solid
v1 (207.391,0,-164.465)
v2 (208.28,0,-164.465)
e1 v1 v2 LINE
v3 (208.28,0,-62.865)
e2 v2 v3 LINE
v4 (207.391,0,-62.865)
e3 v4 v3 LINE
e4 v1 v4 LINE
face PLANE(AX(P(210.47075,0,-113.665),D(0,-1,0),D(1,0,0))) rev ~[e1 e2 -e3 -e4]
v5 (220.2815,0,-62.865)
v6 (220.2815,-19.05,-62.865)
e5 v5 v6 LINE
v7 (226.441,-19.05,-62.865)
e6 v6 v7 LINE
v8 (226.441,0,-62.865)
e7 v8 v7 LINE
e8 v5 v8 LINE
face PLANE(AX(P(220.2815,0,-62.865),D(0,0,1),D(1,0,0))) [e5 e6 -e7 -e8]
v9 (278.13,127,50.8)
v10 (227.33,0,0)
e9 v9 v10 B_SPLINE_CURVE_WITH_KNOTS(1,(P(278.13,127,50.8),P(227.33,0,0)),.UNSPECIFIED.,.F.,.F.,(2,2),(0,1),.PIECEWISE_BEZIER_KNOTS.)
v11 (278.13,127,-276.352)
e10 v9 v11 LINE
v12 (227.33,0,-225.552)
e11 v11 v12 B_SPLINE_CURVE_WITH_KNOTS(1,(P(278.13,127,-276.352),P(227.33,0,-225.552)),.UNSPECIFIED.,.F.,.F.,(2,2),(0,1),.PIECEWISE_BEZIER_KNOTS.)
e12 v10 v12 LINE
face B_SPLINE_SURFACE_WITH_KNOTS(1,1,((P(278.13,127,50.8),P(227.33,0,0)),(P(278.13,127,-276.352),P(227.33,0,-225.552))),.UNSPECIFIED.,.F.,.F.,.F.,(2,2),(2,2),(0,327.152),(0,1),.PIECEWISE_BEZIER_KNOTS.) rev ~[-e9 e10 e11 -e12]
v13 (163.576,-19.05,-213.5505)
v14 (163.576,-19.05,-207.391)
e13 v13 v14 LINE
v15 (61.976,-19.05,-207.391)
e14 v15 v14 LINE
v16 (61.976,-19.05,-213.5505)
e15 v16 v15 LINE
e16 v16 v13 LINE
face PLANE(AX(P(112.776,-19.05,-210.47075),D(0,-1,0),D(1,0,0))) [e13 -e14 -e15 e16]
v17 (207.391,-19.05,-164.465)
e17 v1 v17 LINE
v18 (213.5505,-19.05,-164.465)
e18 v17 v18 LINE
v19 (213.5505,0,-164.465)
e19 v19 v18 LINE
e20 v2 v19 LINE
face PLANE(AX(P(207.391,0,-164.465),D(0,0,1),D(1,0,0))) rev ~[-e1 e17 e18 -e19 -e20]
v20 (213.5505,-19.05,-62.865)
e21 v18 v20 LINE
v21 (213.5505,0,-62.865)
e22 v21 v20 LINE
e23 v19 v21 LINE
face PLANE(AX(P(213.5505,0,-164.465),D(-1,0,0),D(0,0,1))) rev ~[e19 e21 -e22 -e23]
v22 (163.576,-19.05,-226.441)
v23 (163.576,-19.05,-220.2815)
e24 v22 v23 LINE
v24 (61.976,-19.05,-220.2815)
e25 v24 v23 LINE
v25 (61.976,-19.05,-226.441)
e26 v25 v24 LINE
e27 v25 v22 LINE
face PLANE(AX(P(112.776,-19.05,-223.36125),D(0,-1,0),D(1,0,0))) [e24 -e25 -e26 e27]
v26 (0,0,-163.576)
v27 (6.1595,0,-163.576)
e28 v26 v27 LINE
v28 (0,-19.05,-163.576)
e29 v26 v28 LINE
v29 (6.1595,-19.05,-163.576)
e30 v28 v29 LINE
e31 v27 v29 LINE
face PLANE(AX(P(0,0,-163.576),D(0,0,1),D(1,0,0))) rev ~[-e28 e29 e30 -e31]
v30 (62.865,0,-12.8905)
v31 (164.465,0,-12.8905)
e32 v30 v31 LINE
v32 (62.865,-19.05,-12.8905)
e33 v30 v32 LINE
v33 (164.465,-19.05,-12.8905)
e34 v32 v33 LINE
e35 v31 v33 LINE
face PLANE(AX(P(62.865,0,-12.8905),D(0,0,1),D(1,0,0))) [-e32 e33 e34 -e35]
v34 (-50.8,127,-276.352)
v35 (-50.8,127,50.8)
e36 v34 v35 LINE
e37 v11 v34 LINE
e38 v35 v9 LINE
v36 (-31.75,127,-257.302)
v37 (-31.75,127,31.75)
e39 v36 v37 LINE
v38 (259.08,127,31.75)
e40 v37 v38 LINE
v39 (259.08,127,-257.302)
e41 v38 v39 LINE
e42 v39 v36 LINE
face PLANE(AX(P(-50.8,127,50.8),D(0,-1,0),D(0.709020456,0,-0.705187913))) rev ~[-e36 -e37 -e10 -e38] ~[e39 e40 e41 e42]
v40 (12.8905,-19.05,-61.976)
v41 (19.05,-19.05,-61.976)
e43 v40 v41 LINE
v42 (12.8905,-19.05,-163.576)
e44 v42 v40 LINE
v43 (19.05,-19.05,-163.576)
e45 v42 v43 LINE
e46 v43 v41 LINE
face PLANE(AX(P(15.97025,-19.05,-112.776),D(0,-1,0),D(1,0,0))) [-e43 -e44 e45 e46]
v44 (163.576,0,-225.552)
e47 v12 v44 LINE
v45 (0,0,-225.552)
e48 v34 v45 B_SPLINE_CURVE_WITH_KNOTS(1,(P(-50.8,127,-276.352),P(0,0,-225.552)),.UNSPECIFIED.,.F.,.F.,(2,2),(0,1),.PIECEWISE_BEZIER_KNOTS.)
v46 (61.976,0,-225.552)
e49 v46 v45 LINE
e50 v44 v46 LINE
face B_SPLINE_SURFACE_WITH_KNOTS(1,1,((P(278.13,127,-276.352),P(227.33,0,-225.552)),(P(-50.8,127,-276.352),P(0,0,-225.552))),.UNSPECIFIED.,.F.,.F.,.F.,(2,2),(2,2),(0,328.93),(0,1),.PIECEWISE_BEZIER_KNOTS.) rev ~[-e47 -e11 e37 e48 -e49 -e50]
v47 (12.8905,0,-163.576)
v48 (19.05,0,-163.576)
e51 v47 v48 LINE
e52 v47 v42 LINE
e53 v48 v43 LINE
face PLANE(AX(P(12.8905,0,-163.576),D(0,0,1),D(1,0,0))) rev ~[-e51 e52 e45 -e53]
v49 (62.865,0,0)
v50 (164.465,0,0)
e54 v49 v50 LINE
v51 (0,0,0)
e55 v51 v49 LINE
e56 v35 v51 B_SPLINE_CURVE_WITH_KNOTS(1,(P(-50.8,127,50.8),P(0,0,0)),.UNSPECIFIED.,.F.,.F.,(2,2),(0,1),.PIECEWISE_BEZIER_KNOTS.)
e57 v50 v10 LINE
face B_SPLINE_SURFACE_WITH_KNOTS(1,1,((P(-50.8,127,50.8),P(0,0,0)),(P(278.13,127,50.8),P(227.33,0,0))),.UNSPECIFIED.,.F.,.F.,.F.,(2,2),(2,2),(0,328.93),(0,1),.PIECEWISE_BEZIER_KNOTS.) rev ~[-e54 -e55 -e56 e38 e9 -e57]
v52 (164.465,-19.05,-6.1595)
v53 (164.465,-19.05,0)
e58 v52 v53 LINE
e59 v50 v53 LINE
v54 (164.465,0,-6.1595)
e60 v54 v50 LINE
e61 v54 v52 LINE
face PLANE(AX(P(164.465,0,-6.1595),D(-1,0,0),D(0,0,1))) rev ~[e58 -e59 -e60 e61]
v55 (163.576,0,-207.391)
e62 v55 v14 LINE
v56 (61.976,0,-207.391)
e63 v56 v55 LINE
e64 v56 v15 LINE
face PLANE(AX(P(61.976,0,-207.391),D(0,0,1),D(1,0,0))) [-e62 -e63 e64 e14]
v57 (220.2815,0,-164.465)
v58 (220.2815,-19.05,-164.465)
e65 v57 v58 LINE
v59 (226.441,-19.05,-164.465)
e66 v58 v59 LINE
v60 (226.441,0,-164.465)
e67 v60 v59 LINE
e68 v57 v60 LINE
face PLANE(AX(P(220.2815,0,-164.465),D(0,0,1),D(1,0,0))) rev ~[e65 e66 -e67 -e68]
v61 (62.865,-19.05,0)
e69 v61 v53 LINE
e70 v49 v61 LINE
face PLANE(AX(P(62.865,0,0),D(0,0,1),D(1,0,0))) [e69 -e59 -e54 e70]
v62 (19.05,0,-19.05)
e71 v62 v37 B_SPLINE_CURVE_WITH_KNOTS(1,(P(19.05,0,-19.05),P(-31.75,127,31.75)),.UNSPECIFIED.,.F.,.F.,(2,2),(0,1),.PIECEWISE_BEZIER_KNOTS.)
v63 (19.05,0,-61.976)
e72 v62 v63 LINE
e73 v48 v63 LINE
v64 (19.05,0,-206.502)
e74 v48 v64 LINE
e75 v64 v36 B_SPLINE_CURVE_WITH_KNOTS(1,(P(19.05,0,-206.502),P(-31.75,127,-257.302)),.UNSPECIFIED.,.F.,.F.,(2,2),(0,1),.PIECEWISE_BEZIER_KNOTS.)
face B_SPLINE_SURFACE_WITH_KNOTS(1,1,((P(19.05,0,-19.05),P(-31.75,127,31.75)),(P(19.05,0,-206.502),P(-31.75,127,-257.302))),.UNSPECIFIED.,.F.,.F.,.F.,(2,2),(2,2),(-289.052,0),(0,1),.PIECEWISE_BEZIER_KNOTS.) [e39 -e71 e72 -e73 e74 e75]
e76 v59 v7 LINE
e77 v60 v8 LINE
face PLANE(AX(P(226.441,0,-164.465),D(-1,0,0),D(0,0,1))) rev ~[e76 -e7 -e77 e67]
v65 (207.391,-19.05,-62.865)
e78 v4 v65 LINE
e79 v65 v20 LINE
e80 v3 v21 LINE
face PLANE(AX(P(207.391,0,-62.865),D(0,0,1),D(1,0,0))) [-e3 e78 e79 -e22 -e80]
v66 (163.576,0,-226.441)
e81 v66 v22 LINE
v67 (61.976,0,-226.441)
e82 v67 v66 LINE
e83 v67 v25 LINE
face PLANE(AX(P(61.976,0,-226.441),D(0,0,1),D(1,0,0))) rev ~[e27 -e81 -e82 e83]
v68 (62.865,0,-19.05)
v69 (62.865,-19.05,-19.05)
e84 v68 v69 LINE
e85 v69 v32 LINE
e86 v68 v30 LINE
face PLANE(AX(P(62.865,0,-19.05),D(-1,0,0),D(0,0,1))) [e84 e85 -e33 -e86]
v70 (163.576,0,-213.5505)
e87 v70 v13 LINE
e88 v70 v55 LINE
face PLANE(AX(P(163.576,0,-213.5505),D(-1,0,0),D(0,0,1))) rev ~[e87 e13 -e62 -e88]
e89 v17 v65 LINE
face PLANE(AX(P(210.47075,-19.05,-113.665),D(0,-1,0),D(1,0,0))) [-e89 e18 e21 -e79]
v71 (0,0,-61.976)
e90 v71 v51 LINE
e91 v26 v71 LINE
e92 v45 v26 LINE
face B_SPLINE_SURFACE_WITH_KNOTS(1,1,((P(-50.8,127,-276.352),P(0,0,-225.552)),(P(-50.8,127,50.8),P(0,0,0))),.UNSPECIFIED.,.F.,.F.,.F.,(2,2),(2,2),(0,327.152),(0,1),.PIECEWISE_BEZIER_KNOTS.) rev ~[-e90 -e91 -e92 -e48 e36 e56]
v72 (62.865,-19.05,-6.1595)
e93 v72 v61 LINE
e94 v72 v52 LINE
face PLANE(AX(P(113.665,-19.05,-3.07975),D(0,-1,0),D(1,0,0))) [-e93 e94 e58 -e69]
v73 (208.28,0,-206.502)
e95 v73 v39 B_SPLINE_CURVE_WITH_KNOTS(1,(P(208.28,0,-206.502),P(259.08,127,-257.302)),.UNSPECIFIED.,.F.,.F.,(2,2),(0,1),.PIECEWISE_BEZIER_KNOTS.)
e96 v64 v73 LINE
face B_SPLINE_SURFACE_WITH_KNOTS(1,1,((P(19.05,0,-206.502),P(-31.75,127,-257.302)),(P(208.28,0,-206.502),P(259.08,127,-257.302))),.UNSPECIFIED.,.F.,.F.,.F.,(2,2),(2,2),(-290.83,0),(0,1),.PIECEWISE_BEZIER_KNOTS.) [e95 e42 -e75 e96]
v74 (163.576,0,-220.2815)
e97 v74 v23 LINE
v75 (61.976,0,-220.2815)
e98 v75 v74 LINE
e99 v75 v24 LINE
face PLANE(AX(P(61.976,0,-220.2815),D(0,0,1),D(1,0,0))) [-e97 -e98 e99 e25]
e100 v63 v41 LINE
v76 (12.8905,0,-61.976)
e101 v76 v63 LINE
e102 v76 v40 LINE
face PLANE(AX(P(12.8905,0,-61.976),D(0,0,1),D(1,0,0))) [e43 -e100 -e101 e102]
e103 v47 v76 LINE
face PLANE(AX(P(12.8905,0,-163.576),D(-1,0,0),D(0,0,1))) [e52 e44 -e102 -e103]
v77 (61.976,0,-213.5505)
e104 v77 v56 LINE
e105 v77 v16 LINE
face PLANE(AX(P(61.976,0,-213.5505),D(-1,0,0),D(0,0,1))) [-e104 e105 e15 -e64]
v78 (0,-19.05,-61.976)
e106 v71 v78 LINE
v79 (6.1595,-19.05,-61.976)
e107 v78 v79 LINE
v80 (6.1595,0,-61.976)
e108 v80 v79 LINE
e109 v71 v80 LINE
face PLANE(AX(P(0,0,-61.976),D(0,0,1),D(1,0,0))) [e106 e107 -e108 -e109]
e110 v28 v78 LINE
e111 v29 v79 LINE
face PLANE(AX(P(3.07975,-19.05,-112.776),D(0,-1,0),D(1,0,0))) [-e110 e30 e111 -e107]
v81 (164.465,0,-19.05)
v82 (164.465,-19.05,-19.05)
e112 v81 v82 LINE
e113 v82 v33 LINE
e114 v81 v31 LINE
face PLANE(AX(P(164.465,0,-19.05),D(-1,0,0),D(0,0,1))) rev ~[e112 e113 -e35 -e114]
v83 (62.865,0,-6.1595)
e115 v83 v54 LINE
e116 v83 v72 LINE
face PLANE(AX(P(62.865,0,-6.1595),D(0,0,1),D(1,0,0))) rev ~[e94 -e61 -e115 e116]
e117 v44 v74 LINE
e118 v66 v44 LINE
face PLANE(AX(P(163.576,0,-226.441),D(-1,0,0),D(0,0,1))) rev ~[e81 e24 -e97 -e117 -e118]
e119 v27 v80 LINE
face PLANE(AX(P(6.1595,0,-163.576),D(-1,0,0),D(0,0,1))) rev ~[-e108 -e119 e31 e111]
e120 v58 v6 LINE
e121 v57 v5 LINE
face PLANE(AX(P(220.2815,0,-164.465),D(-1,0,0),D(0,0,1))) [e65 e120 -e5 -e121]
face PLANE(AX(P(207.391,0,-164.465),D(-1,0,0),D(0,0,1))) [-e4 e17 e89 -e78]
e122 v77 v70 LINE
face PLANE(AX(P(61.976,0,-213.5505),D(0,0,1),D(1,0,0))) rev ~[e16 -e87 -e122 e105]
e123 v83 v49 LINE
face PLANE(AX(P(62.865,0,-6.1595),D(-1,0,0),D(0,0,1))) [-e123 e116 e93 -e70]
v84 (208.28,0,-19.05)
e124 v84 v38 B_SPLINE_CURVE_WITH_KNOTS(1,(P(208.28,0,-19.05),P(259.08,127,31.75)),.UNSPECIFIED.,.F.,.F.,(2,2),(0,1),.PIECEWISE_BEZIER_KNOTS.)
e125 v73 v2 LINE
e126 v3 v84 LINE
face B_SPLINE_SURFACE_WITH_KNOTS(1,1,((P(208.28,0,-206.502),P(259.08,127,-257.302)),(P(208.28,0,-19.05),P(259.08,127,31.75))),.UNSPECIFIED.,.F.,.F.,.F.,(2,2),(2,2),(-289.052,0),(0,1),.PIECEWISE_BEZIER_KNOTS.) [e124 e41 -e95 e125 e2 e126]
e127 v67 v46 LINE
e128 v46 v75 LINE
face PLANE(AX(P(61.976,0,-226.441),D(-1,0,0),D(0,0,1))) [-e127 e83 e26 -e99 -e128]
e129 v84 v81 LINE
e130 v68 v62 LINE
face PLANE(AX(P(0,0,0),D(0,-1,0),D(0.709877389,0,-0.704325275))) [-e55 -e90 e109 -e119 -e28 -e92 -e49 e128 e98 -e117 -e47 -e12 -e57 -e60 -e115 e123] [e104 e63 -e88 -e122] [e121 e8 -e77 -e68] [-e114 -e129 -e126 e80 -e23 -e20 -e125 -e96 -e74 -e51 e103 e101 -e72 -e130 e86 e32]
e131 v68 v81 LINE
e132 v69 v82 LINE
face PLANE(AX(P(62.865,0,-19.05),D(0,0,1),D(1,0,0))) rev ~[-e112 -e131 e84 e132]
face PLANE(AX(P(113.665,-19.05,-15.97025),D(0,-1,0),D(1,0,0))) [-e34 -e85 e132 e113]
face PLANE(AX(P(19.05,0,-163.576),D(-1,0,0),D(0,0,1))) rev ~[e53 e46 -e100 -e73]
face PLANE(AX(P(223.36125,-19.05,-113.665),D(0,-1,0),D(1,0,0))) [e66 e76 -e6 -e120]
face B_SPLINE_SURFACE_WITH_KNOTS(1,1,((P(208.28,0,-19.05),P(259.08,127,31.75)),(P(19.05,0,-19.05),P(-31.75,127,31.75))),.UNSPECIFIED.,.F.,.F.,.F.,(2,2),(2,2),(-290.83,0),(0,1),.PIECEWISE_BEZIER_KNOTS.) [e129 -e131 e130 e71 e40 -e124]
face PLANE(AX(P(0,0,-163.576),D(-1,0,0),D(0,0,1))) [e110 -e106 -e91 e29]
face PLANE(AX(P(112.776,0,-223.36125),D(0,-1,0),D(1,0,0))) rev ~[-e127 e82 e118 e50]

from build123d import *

# Parameters (mm, degrees)
SKETCH5_W           = 6.1595
SKETCH5_H           = 101.6
SKETCH5_W_2         = 101.6
SKETCH5_H_2         = 6.1595
BOSS_EXTRUDE1_DEPTH = 19.05


with BuildPart() as part:
    # Sketch2 → Loft1 section 0
    with BuildSketch(Plane(origin=(0, 127, 0), x_dir=(1, 0, 0), z_dir=(0, 1, 0))):
        with BuildLine():
            Line((-50.8, -50.8), (278.13, -50.8))
            Line((278.13, -50.8), (278.13, 276.352))
            Line((278.13, 276.352), (-50.8, 276.352))
            Line((-50.8, 276.352), (-50.8, -50.8))
        make_face()
    # Sketch1 → Loft1 section 1
    with BuildSketch(Plane(origin=(0, 0, 0), x_dir=(1, 0, 0), z_dir=(0, 1, 0))):
        with BuildLine():
            Line((0, 0), (227.33, 0))
            Line((227.33, 0), (227.33, 225.552))
            Line((227.33, 225.552), (0, 225.552))
            Line((0, 225.552), (0, 0))
        make_face()
    loft()

    # Sketch4 → Cut-Loft3 section 0
    with BuildSketch(Plane.XZ):
        with BuildLine():
            Line((208.28, -19.05), (19.05, -19.05))
            Line((19.05, -19.05), (19.05, -206.502))
            Line((19.05, -206.502), (208.28, -206.502))
            Line((208.28, -206.502), (208.28, -19.05))
        make_face()
    # Sketch3 → Cut-Loft3 section 1
    with BuildSketch(Plane(origin=(0, 127, 0), x_dir=(1, 0, 0), z_dir=(0, 1, 0))):
        with BuildLine():
            Line((-31.75, 257.302), (-31.75, -31.75))
            Line((-31.75, -31.75), (259.08, -31.75))
            Line((259.08, -31.75), (259.08, 257.302))
            Line((259.08, 257.302), (-31.75, 257.302))
        make_face()
    loft(mode=Mode.SUBTRACT)

    # Sketch5 → Boss-Extrude1 (add)
    with BuildSketch(Plane.XZ):
        with Locations((3.07975, -112.776)):
            Rectangle(SKETCH5_W, SKETCH5_H)
        with Locations((15.97025, -112.776)):
            Rectangle(SKETCH5_W, SKETCH5_H)
        with Locations((113.665, -3.07975)):
            Rectangle(SKETCH5_W_2, SKETCH5_H_2)
        with Locations((113.665, -15.97025)):
            Rectangle(SKETCH5_W_2, SKETCH5_H_2)
        with Locations((223.36125, -113.665)):
            Rectangle(SKETCH5_W, SKETCH5_H)
        with Locations((210.47075, -113.665)):
            Rectangle(SKETCH5_W, SKETCH5_H)
        with Locations((112.776, -223.36125)):
            Rectangle(SKETCH5_W_2, SKETCH5_H_2)
        with Locations((112.776, -210.47075)):
            Rectangle(SKETCH5_W_2, SKETCH5_H_2)
    extrude(amount=BOSS_EXTRUDE1_DEPTH)


solid = part.part
